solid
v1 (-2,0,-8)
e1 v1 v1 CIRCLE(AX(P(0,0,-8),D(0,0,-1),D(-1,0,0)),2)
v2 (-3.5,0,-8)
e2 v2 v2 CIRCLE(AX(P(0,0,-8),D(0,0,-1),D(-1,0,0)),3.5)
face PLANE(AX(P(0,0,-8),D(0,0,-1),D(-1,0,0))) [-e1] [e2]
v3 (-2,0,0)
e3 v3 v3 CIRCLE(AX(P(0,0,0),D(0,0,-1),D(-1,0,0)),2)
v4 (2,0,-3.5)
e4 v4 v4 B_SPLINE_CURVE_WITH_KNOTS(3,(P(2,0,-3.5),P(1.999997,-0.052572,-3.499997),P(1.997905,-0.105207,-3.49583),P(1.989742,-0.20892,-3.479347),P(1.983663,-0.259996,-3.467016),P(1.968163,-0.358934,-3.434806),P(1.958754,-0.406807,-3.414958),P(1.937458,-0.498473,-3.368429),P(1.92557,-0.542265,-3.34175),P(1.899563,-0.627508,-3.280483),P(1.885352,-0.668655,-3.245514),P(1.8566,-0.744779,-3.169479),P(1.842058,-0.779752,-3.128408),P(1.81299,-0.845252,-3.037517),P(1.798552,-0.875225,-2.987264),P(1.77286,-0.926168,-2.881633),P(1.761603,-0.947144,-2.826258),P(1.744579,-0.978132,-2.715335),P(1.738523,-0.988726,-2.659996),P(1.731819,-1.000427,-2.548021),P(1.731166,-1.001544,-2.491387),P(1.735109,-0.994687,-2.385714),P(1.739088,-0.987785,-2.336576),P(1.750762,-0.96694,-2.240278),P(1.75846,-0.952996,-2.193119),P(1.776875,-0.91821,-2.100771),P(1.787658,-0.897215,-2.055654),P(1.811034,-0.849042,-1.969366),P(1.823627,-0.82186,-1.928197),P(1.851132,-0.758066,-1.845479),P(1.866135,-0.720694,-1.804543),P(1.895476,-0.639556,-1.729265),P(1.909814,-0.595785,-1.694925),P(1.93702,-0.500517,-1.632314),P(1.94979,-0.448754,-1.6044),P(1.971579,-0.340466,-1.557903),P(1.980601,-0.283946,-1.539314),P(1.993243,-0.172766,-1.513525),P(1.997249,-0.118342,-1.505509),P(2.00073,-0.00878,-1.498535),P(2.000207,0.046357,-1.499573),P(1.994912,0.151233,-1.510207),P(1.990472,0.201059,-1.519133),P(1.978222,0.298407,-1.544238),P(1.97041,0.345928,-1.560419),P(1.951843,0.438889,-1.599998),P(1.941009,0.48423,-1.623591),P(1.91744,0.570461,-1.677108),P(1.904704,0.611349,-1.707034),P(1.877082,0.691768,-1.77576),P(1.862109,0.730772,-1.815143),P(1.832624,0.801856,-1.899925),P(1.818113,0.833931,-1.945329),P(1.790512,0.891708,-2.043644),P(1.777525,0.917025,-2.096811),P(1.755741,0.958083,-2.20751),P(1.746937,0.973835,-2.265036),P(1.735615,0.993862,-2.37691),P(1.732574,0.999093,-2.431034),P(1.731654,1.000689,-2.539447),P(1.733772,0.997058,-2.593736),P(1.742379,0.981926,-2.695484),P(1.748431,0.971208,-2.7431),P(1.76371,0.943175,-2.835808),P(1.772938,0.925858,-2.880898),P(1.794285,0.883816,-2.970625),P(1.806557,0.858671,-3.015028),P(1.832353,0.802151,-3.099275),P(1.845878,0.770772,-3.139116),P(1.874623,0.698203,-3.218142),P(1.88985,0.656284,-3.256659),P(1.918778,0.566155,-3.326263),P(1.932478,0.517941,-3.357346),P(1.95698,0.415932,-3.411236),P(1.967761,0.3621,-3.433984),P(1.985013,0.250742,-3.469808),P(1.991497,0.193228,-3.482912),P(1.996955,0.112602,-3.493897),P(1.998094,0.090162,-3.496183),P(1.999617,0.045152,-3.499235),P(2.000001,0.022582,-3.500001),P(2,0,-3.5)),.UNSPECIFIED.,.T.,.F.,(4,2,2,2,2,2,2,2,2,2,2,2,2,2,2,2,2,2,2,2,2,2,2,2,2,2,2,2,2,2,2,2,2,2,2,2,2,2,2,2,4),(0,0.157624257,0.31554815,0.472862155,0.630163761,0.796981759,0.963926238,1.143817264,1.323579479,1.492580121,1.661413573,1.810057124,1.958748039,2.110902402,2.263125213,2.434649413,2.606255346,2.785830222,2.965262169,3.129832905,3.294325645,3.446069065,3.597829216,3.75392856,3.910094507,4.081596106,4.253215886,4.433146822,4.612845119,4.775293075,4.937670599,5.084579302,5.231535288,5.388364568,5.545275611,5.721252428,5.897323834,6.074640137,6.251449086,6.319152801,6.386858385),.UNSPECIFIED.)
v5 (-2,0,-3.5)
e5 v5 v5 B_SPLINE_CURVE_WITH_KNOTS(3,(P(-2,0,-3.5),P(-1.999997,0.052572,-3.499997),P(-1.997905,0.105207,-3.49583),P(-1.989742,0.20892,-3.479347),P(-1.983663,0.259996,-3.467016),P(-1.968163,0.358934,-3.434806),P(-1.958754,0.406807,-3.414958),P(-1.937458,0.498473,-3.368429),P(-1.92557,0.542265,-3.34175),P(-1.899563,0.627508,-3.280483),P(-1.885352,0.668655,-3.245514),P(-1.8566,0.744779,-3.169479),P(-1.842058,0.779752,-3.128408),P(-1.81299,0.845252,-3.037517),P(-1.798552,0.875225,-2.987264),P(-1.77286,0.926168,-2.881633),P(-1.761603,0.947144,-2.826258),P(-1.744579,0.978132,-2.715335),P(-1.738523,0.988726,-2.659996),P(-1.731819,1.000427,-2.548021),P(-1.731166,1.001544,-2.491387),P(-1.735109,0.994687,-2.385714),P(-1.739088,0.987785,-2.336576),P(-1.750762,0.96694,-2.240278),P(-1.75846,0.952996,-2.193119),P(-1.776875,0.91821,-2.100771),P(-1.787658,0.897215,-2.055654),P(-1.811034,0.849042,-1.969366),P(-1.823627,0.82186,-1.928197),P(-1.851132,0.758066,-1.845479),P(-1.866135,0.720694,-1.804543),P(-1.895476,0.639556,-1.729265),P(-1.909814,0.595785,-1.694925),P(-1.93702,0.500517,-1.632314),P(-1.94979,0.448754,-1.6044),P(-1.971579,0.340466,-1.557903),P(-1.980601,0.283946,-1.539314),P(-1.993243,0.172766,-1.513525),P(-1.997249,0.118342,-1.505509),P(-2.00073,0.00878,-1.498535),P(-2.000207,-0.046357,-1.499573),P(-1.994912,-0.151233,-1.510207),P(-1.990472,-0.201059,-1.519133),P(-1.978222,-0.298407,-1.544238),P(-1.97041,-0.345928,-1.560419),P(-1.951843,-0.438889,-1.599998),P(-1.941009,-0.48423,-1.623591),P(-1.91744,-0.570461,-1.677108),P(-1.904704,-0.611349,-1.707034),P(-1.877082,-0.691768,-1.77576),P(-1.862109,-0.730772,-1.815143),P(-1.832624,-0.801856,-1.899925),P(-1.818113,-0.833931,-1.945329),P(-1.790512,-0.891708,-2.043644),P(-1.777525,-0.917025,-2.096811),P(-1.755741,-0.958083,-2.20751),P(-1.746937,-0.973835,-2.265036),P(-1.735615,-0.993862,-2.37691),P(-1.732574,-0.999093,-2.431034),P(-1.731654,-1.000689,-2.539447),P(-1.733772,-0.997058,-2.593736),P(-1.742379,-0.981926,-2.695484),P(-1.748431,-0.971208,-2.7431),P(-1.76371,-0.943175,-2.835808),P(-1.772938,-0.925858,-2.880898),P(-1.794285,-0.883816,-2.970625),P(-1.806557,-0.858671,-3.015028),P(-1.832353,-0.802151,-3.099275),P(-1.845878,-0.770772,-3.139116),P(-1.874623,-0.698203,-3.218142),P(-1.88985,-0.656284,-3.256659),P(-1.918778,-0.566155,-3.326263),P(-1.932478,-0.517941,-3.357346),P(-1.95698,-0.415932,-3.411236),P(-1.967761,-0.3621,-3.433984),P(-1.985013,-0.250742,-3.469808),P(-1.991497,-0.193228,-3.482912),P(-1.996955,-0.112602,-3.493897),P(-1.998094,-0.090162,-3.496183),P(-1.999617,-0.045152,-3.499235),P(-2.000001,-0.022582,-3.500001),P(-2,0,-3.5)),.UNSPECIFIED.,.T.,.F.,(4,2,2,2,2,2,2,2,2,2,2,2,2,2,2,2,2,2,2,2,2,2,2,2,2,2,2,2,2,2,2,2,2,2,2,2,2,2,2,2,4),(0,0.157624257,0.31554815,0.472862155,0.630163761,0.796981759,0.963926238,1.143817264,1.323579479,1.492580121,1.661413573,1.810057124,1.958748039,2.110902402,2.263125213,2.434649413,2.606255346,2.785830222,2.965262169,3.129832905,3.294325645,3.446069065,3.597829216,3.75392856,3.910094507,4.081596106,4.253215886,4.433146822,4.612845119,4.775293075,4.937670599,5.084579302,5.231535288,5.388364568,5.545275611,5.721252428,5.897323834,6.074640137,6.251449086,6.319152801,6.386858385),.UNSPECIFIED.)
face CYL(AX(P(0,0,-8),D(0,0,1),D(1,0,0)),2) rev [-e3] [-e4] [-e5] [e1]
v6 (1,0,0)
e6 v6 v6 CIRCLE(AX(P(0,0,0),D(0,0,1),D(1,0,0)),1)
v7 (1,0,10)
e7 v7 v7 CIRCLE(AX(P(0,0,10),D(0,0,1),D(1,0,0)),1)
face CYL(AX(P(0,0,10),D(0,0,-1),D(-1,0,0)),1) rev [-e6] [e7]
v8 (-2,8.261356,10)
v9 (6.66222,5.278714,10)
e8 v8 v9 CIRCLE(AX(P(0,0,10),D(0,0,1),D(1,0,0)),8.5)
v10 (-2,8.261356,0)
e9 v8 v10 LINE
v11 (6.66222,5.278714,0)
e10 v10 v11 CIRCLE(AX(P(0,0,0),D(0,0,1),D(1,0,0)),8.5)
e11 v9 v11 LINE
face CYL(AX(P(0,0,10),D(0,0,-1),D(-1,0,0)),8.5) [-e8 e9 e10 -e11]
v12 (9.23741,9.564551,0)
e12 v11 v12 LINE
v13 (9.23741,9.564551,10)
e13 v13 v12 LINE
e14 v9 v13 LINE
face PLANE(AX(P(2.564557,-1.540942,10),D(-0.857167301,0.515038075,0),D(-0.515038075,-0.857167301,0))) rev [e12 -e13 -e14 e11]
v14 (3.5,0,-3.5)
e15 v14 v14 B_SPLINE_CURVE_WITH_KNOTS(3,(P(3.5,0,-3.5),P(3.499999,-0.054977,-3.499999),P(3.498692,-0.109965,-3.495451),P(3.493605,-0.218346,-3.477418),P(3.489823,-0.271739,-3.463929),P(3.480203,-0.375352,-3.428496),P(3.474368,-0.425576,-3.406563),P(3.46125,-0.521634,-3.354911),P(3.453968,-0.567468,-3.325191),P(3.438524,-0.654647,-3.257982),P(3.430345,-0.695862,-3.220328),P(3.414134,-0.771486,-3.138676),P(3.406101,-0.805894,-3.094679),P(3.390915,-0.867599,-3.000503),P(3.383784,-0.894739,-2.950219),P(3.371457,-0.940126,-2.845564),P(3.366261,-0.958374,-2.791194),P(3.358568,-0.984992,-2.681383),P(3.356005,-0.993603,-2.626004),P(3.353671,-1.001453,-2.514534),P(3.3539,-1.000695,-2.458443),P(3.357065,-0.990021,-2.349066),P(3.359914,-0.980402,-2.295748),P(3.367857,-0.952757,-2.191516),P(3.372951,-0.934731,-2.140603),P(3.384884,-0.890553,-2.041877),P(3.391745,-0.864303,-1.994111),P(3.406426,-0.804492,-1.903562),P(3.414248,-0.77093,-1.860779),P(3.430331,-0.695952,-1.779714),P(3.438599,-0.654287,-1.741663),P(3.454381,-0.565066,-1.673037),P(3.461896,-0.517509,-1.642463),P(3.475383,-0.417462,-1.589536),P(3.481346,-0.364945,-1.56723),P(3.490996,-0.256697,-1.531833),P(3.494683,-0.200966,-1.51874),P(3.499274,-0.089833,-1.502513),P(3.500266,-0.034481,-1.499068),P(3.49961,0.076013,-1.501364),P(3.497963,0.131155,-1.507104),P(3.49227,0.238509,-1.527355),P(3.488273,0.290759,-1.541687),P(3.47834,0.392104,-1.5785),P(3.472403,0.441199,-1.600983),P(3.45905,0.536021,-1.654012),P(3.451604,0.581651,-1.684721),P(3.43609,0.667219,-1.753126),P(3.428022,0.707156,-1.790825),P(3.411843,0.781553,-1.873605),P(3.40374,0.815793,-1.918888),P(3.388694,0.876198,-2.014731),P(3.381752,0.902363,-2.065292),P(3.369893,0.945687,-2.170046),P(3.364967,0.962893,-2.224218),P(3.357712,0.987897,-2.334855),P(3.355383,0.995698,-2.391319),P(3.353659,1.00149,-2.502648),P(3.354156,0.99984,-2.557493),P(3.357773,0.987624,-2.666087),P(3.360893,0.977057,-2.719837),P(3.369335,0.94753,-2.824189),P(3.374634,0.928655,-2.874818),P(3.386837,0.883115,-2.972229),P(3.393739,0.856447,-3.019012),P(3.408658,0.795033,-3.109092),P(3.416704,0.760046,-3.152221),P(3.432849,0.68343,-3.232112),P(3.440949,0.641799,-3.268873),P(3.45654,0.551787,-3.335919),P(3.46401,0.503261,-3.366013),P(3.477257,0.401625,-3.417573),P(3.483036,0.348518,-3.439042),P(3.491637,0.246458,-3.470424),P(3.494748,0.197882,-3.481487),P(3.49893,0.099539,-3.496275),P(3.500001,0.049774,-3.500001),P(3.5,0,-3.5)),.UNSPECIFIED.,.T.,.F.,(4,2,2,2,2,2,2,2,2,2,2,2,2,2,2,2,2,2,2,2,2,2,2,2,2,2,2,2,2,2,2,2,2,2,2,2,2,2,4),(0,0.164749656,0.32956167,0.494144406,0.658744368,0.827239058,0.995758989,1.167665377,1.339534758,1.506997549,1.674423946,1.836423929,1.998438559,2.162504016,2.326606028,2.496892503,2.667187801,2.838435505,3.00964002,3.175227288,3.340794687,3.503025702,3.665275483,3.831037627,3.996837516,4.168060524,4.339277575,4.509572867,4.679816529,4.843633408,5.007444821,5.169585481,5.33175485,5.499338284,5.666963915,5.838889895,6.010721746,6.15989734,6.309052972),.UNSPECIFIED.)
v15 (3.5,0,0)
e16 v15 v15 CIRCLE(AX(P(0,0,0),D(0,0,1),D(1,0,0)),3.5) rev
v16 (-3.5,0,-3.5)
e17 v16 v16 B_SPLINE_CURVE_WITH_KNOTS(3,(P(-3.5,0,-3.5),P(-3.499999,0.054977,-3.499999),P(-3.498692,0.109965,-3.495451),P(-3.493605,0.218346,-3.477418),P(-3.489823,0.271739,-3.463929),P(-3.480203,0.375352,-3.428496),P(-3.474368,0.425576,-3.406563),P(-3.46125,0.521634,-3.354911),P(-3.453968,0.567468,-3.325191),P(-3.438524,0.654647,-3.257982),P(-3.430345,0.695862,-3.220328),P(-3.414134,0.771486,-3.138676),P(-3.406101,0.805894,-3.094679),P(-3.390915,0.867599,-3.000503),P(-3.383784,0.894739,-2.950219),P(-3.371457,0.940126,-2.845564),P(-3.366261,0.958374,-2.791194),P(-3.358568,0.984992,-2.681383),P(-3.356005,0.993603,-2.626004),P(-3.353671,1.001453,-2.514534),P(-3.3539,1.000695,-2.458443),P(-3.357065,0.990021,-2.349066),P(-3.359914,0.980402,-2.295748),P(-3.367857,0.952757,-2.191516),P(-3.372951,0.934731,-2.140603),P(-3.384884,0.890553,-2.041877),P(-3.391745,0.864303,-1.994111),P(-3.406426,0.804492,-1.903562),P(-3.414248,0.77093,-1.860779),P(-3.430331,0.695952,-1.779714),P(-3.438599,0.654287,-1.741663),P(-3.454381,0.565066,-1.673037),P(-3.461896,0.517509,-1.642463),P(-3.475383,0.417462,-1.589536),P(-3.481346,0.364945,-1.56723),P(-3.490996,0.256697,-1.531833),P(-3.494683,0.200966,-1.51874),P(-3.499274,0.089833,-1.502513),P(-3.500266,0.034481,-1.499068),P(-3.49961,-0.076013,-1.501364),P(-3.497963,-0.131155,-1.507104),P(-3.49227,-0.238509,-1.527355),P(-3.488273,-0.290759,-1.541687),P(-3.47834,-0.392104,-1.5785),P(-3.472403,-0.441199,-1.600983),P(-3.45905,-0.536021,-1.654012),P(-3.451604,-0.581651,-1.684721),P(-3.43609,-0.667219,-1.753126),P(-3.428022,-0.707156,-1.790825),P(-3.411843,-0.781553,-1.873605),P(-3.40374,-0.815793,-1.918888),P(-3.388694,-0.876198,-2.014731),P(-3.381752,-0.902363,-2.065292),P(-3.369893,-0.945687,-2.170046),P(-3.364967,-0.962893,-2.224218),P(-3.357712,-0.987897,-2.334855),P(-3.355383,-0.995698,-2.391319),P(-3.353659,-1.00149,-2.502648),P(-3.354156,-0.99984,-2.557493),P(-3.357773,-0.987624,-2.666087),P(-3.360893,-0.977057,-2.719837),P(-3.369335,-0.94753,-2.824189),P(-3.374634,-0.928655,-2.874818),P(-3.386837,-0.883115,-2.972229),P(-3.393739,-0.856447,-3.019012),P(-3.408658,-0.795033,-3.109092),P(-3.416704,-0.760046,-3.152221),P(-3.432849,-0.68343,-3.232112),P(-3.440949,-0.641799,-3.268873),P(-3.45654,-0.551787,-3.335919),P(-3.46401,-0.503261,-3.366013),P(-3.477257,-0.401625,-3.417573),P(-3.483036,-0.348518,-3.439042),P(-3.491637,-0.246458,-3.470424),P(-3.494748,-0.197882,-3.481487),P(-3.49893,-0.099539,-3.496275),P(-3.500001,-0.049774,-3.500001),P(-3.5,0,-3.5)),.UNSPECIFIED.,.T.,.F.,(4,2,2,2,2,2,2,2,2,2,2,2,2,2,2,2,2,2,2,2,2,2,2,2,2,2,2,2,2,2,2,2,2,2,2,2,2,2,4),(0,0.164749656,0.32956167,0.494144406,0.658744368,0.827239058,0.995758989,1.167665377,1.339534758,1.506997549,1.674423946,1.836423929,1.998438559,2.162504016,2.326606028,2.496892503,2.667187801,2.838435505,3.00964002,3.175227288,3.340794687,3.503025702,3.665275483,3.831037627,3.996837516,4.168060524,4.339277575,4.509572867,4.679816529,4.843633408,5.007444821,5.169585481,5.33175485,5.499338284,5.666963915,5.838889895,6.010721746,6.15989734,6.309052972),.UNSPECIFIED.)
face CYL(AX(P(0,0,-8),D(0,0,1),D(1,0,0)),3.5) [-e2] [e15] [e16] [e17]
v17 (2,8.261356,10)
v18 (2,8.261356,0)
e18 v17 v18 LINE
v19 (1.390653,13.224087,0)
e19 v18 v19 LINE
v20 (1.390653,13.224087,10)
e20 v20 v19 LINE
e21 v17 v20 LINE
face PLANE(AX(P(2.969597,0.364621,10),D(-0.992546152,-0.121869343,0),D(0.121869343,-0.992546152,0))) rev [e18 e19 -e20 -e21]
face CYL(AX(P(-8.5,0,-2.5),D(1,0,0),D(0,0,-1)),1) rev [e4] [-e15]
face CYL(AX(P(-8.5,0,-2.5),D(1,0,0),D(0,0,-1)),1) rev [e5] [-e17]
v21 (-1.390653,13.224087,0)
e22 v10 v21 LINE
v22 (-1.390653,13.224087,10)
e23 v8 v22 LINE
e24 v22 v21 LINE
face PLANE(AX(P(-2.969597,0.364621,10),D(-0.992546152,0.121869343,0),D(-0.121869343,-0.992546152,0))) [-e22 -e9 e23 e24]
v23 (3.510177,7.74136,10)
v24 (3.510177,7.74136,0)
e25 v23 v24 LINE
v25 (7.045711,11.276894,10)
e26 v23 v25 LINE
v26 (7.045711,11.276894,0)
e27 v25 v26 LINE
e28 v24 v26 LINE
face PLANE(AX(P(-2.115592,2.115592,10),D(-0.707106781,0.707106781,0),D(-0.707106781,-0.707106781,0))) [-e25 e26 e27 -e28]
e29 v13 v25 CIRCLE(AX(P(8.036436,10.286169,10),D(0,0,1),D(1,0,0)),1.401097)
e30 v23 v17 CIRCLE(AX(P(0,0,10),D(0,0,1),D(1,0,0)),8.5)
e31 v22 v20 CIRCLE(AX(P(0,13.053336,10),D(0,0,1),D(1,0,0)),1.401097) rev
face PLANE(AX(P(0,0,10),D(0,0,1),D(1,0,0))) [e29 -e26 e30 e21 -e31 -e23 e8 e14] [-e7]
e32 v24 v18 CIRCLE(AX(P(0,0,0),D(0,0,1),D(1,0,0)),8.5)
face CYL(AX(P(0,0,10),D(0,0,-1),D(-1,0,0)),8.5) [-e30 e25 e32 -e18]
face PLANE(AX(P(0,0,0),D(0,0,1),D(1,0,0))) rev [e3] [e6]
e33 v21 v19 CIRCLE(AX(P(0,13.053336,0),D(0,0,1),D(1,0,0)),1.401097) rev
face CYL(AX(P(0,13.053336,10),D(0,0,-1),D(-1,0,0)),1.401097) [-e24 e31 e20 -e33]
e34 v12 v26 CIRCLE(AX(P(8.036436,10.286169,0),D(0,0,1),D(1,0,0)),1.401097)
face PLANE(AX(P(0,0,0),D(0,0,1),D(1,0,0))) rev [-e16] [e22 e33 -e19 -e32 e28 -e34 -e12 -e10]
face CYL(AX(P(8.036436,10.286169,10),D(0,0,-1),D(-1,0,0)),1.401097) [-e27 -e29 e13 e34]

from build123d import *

# Parameters (mm, degrees)
SKETCH1_R               = 1
BOSS_EXTRUDE1_DEPTH     = 10
SKETCH5_R               = 3.5
SKETCH5_R_2             = 2
BOSS_EXTRUDE3_DEPTH     = 8
CUT_EXTRUDE1_DEPTH      = 20.949878445
CUT_EXTRUDE1_DEPTH_BACK = 20.949878445
SKETCH6_R               = 1


with BuildPart() as part:
    # Sketch1 → Boss-Extrude1 (new body)
    with BuildSketch(Plane.XY):
        with BuildLine():
            Line((-1.390653283, 13.224086579), (-2, 8.261355821))
            ThreePointArc((-2, 8.261355821), (-2.767329313, -8.036907893), (6.66222002, 5.278714276))
            Line((6.66222002, 5.278714276), (9.237410395, 9.564550779))
            ThreePointArc((9.237410395, 9.564550779), (8.899037344, 11.390248383), (7.045710912, 11.276894083))
            Line((7.045710912, 11.276894083), (3.510177006, 7.741360177))
            ThreePointArc((3.510177006, 7.741360177), (2.767329313, 8.036907893), (2, 8.261355821))
            Line((2, 8.261355821), (1.390653283, 13.224086579))
            ThreePointArc((1.390653283, 13.224086579), (0, 14.454432673), (-1.390653283, 13.224086579))
        make_face()
        Circle(SKETCH1_R, mode=Mode.SUBTRACT)
    extrude(amount=BOSS_EXTRUDE1_DEPTH)

    # Sketch5 → Boss-Extrude3 (add)
    with BuildSketch(Plane(origin=(0, 0, 0), x_dir=(-1, 0, 0), z_dir=(0, 0, -1))):
        with Locations(Location((0, 0, 0), (0, 0, 180))):
            Circle(SKETCH5_R)
        Circle(SKETCH5_R_2, mode=Mode.SUBTRACT)
    extrude(amount=BOSS_EXTRUDE3_DEPTH)

    # Sketch6 → Cut-Extrude1 (cut, two sides: drawn at the far end of the back side and taken through both)
    with BuildSketch(Plane(origin=(0, 0, 0), x_dir=(0, 0, -1), z_dir=(1, 0, 0)).offset(-CUT_EXTRUDE1_DEPTH_BACK)):
        with Locations((2.5, 0)):
            Circle(SKETCH6_R)
    extrude(amount=CUT_EXTRUDE1_DEPTH + CUT_EXTRUDE1_DEPTH_BACK, mode=Mode.SUBTRACT)


solid = part.part
